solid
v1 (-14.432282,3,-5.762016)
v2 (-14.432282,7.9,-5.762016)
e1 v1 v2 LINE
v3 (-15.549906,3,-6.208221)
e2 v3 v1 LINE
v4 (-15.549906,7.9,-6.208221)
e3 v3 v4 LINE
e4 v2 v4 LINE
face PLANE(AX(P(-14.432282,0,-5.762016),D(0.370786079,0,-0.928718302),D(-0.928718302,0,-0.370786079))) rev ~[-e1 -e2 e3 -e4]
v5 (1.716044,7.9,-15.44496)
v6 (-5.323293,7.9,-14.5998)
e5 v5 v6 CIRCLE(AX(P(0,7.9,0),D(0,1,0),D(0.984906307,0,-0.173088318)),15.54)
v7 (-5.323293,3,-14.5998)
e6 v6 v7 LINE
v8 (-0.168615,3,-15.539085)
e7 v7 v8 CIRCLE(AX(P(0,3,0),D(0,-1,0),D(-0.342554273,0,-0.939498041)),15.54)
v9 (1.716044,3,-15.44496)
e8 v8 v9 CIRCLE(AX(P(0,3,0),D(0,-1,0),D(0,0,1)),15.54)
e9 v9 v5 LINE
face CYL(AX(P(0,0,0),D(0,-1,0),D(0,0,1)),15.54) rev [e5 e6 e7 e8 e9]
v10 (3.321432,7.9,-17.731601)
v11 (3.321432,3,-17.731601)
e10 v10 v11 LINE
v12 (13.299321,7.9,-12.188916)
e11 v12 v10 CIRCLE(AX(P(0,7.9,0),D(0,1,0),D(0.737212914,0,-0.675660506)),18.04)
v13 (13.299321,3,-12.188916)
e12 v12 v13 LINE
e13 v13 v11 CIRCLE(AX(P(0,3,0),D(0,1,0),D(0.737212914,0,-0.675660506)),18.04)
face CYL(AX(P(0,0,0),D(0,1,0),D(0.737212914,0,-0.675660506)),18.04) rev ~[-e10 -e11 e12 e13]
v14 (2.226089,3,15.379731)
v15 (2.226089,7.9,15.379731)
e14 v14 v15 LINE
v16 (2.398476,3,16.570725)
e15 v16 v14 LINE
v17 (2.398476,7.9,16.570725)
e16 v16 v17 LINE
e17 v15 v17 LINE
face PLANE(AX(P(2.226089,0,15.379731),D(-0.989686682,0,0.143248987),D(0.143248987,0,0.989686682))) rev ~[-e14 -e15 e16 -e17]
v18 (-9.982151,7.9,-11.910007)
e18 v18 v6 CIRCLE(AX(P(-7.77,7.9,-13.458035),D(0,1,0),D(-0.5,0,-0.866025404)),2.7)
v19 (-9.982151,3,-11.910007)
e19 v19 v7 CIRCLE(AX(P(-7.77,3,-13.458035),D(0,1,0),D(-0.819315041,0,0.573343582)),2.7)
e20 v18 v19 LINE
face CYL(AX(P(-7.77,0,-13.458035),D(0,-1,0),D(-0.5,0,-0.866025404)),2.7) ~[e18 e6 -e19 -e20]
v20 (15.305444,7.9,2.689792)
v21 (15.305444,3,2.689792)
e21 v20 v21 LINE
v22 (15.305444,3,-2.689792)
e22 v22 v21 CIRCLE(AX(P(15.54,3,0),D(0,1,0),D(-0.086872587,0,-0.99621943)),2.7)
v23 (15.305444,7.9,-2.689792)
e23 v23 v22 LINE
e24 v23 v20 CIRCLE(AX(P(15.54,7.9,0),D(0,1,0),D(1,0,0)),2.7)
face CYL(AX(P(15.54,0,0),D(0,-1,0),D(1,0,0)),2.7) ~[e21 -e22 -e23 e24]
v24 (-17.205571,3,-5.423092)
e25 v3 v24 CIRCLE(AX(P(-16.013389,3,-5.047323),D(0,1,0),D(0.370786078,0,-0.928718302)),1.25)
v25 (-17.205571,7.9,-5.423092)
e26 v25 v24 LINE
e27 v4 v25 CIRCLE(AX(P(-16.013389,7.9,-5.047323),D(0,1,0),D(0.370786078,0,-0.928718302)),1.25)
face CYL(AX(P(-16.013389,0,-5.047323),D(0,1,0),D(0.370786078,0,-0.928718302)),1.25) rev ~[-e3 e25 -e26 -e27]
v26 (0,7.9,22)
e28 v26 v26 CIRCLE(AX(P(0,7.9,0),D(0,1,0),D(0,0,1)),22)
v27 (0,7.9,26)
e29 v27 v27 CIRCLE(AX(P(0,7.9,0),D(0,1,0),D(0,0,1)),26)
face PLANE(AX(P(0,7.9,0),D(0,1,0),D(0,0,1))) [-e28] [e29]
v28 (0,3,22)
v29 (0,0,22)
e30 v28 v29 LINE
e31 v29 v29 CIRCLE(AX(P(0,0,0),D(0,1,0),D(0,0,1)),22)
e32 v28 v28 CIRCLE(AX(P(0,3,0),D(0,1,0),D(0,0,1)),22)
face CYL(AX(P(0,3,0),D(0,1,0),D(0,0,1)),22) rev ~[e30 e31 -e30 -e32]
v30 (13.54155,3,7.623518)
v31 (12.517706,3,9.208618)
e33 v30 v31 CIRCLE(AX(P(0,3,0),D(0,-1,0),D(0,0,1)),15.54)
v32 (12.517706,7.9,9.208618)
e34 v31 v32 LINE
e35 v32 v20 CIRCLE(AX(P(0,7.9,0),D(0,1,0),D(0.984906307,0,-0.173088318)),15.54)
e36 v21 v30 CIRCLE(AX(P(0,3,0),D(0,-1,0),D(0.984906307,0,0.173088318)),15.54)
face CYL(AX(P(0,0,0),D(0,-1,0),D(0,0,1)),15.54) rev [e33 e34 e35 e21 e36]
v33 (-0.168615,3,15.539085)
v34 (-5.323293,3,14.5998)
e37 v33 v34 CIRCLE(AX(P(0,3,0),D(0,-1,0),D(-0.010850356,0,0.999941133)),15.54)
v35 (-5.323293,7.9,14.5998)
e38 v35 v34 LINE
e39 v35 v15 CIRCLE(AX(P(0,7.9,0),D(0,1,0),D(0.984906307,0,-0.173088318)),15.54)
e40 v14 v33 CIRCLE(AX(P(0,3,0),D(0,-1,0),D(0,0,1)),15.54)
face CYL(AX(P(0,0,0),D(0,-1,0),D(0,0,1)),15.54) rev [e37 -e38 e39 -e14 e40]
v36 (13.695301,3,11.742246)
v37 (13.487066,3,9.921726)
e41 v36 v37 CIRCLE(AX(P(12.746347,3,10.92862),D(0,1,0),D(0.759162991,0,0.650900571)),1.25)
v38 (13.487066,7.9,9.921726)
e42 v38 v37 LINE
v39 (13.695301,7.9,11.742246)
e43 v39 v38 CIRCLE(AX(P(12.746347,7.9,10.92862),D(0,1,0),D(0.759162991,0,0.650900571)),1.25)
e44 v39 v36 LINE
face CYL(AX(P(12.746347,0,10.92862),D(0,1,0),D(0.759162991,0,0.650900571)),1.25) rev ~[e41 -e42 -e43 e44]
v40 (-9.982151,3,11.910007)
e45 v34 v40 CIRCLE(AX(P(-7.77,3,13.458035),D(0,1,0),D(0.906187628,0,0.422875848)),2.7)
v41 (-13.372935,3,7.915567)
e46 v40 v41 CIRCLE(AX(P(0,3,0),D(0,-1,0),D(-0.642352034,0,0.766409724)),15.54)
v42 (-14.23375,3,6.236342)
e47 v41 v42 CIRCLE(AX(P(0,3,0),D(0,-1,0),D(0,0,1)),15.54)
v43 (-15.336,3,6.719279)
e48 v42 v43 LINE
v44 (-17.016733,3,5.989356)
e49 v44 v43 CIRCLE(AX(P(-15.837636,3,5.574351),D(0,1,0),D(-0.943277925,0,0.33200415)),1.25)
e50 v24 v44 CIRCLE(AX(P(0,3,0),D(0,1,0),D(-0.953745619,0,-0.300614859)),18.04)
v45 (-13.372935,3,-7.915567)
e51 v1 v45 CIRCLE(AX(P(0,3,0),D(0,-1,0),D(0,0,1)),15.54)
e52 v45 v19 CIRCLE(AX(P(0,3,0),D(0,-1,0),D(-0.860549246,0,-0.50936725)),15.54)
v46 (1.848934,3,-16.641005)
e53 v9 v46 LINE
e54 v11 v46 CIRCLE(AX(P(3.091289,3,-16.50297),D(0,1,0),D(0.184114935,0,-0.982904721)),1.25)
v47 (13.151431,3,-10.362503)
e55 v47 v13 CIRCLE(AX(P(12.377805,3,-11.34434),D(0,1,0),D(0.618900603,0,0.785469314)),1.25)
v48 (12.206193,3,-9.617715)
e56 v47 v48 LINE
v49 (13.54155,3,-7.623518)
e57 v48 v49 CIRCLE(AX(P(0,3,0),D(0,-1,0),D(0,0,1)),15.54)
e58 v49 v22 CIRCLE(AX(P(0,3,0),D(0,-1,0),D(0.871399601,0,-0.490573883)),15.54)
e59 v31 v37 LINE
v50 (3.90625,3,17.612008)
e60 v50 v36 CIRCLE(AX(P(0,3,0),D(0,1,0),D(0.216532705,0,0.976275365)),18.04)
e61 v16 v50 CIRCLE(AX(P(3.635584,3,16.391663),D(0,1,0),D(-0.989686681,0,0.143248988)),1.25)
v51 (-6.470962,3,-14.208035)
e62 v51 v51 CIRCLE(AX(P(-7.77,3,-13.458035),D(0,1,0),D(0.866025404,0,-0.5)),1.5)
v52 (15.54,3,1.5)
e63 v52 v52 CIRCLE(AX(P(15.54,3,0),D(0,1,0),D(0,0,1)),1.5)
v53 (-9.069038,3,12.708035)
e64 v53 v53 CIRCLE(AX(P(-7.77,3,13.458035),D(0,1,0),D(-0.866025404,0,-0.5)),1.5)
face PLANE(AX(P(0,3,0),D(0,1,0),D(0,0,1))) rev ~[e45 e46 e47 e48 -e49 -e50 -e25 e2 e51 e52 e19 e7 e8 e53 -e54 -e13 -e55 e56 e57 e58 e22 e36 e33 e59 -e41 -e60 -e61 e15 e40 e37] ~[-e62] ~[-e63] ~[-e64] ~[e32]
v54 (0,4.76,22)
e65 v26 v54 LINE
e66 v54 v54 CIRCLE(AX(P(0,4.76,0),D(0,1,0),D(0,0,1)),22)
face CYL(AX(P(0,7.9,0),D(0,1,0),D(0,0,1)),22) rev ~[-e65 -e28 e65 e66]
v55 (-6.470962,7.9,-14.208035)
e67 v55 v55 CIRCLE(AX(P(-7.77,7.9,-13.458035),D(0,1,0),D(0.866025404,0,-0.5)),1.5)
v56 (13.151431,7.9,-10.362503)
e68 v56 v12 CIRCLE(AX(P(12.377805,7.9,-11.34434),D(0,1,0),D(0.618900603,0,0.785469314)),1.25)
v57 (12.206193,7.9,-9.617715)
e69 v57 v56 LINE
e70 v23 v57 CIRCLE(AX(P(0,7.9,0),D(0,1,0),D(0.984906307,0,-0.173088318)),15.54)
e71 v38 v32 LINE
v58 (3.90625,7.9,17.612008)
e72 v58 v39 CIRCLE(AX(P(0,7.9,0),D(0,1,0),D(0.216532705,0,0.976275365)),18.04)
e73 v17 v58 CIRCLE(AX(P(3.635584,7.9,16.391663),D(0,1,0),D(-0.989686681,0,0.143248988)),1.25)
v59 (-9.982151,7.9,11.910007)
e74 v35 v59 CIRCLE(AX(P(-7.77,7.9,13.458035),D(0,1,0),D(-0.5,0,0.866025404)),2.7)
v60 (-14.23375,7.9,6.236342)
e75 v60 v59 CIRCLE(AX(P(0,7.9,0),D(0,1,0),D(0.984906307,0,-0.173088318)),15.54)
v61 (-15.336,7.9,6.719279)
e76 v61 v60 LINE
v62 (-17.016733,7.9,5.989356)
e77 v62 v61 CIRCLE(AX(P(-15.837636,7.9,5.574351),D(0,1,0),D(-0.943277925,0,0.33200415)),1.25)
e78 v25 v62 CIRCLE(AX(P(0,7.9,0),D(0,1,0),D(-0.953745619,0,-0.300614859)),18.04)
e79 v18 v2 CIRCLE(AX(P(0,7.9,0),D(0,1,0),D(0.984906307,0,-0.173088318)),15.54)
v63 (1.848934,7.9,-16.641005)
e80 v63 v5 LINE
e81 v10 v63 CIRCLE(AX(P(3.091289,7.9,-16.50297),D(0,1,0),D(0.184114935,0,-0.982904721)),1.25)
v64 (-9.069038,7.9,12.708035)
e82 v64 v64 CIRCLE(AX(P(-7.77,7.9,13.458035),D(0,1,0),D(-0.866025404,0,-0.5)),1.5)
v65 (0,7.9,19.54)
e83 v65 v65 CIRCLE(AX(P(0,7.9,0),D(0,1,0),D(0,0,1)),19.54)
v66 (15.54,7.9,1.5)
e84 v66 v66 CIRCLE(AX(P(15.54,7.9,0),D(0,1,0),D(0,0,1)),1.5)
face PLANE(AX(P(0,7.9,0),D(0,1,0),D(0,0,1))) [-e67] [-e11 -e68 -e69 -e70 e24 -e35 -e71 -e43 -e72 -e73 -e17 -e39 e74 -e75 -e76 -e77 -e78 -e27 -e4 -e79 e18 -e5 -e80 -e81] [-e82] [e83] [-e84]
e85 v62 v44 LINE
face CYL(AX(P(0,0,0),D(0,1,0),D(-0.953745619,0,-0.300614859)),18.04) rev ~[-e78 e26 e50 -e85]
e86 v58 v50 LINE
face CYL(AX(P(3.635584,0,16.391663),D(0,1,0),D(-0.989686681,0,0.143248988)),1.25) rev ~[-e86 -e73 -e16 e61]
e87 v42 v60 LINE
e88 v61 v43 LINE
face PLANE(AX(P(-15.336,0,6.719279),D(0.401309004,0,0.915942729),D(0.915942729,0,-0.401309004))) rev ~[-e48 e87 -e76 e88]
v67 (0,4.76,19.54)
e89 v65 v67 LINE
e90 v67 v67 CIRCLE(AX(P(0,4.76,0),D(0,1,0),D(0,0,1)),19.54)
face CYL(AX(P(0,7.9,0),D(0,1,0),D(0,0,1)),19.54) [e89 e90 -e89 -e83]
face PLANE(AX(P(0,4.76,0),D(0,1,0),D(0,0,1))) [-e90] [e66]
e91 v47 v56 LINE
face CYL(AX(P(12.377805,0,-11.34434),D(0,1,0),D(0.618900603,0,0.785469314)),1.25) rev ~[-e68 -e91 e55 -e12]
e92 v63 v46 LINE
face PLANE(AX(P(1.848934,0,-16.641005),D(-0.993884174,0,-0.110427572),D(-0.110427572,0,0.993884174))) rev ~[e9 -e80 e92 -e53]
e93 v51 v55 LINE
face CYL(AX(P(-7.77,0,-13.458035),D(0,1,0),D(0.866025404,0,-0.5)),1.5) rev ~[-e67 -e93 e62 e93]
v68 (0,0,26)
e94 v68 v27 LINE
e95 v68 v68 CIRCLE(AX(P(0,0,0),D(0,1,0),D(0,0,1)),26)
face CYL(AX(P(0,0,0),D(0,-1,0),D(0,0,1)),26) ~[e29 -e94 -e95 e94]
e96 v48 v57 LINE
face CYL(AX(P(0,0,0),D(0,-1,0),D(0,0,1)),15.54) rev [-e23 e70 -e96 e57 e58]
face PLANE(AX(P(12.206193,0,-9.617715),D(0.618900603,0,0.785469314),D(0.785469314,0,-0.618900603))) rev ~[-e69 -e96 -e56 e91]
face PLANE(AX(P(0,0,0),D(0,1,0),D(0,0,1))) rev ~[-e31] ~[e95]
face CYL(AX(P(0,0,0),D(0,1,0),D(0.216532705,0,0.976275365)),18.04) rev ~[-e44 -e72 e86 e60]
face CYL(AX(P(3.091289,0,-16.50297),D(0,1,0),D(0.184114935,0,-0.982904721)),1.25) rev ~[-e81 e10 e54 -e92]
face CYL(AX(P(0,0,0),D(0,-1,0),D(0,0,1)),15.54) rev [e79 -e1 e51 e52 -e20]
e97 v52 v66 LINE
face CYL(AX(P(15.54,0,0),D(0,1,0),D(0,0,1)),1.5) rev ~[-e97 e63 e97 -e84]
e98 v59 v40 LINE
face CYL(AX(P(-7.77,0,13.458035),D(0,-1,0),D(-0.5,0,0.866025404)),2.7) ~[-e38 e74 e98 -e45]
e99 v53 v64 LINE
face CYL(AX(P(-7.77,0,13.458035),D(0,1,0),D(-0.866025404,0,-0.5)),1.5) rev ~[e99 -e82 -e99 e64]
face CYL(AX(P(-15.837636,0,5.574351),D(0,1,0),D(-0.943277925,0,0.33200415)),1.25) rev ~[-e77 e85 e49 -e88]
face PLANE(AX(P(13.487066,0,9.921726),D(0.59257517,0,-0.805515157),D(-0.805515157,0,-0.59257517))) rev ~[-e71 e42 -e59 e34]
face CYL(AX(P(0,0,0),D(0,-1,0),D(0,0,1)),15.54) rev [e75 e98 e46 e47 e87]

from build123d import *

# Parameters (mm, degrees)
SKETCH1_R           = 19.54
SKETCH1_R_2         = 15.54
BOSS_EXTRUDE1_DEPTH = 7.9
SKETCH1_3_R         = 2.7
BOSS_EXTRUDE2_DEPTH = 7.9
SKETCH1_4_R         = 1.5
CUT_EXTRUDE1_DEPTH  = 29.740793308
CUT_EXTRUDE2_DEPTH  = 29.740793308
SKETCH1_6_R         = 1.5
CUT_EXTRUDE5_DEPTH  = 3
CIRPATTERN1_COUNT   = 3
SKETCH2_R           = 26
SKETCH2_R_2         = 19.54
BOSS_EXTRUDE3_DEPTH = 7.9
CUT_EXTRUDE4_START  = 7.9
SKETCH2_3_R         = 22
SKETCH2_3_R_2       = 19.54
CUT_EXTRUDE4_DEPTH  = 3.14
CUT_EXTRUDE6_START  = 3
SKETCH2_4_R         = 22
CUT_EXTRUDE6_DEPTH  = 3


with BuildPart() as part:
    # Sketch1 → Boss-Extrude1 (new body)
    with BuildSketch(Plane(origin=(0, 0, 0), x_dir=(1, 0, 0), z_dir=(0, 1, 0))):
        with Locations(Location((0, 0, 0), (0, 0, 270))):
            Circle(SKETCH1_R)
        with Locations(Location((0, 0, 0), (0, 0, 270))):
            Circle(SKETCH1_R_2, mode=Mode.SUBTRACT)
    extrude(amount=BOSS_EXTRUDE1_DEPTH)

    # Sketch1<3> → Boss-Extrude2 (add)
    with BuildSketch(Plane(origin=(0, 0, 0), x_dir=(1, 0, 0), z_dir=(0, 1, 0))):
        with Locations((15.54, 0)):
            Circle(SKETCH1_3_R)
    boss_extrude2 = extrude(amount=BOSS_EXTRUDE2_DEPTH)

    # Sketch1<4> → Cut-Extrude1 (cut, symmetric)
    with BuildSketch(Plane(origin=(0, 0, 0), x_dir=(1, 0, 0), z_dir=(0, 1, 0))):
        with Locations(Location((15.54, 0, 0), (0, 0, 270))):
            Circle(SKETCH1_4_R)
    cut_extrude1 = extrude(amount=CUT_EXTRUDE1_DEPTH, both=True, mode=Mode.SUBTRACT)

    # Sketch1<5> → Cut-Extrude2 (cut, symmetric)
    with BuildSketch(Plane(origin=(0, 0, 0), x_dir=(1, 0, 0), z_dir=(0, 1, 0))):
        with BuildLine():
            Line((1.84893352, 16.641004923), (1.716044464, 15.444960065))
            ThreePointArc((1.716044464, 15.444960065), (7.546281877, 13.584742538), (12.206193142, 9.617715372))
            Line((12.206193142, 9.617715372), (13.151430585, 10.362503249))
            ThreePointArc((13.151430585, 10.362503249), (13.623726964, 11.24345363), (13.299320972, 12.188915525))
            ThreePointArc((13.299320972, 12.188915525), (8.760291222, 15.770190161), (3.321432407, 17.731601359))
            ThreePointArc((3.321432407, 17.731601359), (2.347317501, 17.507463762), (1.84893352, 16.641004923))
        make_face()
    cut_extrude2 = extrude(amount=CUT_EXTRUDE2_DEPTH, both=True, mode=Mode.SUBTRACT)

    # Sketch1<6> → Cut-Extrude5 (cut)
    with BuildSketch(Plane(origin=(0, 0, 0), x_dir=(1, 0, 0), z_dir=(0, 1, 0))):
        with BuildLine():
            Line((13.541549805, -7.623518144), (14.590196156, -8.213877046))
            ThreePointArc((14.590196156, -8.213877046), (15.584628409, -8.315079224), (16.335293585, -7.655049543))
            ThreePointArc((16.335293585, -7.655049543), (17.48108114, -4.455715676), (18.006537967, -1.098267026))
            ThreePointArc((18.006537967, -1.098267026), (18.24, 0), (18.006537967, 1.098267026))
            ThreePointArc((18.006537967, 1.098267026), (17.48108114, 4.455715676), (16.335293585, 7.655049543))
            ThreePointArc((16.335293585, 7.655049543), (15.584628409, 8.315079224), (14.590196156, 8.213877046))
            Line((14.590196156, 8.213877046), (13.541549805, 7.623518144))
            ThreePointArc((13.541549805, 7.623518144), (14.632931196, 5.231531765), (15.305444015, 2.689792462))
            ThreePointArc((15.305444015, 2.689792462), (12.84, 0), (15.305444015, -2.689792462))
            ThreePointArc((15.305444015, -2.689792462), (14.632931196, -5.231531765), (13.541549805, -7.623518144))
        make_face()
        with Locations(Location((15.54, 0, 0), (0, 0, 270))):
            Circle(SKETCH1_6_R, mode=Mode.SUBTRACT)
    cut_extrude5 = extrude(amount=CUT_EXTRUDE5_DEPTH, mode=Mode.SUBTRACT)

    # CirPattern1: Boss-Extrude2, Cut-Extrude1, Cut-Extrude2, Cut-Extrude5 ×3 about axis
    cirpattern1_axis = Axis((0, 0, 0), (0, 1, 0))
    add([boss_extrude2.rotate(cirpattern1_axis, i * 360 / CIRPATTERN1_COUNT) for i in range(1, CIRPATTERN1_COUNT)])
    add([cut_extrude1.rotate(cirpattern1_axis, i * 360 / CIRPATTERN1_COUNT) for i in range(1, CIRPATTERN1_COUNT)], mode=Mode.SUBTRACT)
    add([cut_extrude2.rotate(cirpattern1_axis, i * 360 / CIRPATTERN1_COUNT) for i in range(1, CIRPATTERN1_COUNT)], mode=Mode.SUBTRACT)
    add([cut_extrude5.rotate(cirpattern1_axis, i * 360 / CIRPATTERN1_COUNT) for i in range(1, CIRPATTERN1_COUNT)], mode=Mode.SUBTRACT)

    # Sketch2 → Boss-Extrude3 (add)
    with BuildSketch(Plane(origin=(0, 0, 0), x_dir=(1, 0, 0), z_dir=(0, 1, 0))):
        with Locations(Location((0, 0, 0), (0, 0, 270))):
            Circle(SKETCH2_R)
        Circle(SKETCH2_R_2, mode=Mode.SUBTRACT)
    extrude(amount=BOSS_EXTRUDE3_DEPTH)

    # Sketch2<3> → Cut-Extrude4 (cut)
    with BuildSketch(Plane(origin=(0, 0, 0), x_dir=(1, 0, 0), z_dir=(0, 1, 0)).offset(CUT_EXTRUDE4_START)):
        with Locations(Location((0, 0, 0), (0, 0, 270))):
            Circle(SKETCH2_3_R)
        with Locations(Location((0, 0, 0), (0, 0, 270))):
            Circle(SKETCH2_3_R_2, mode=Mode.SUBTRACT)
    extrude(amount=-CUT_EXTRUDE4_DEPTH, mode=Mode.SUBTRACT)

    # Sketch2<4> → Cut-Extrude6 (cut)
    with BuildSketch(Plane(origin=(0, 0, 0), x_dir=(1, 0, 0), z_dir=(0, 1, 0)).offset(CUT_EXTRUDE6_START)):
        with Locations(Location((0, 0, 0), (0, 0, 270))):
            Circle(SKETCH2_4_R)
    extrude(amount=-CUT_EXTRUDE6_DEPTH, mode=Mode.SUBTRACT)


solid = part.part
